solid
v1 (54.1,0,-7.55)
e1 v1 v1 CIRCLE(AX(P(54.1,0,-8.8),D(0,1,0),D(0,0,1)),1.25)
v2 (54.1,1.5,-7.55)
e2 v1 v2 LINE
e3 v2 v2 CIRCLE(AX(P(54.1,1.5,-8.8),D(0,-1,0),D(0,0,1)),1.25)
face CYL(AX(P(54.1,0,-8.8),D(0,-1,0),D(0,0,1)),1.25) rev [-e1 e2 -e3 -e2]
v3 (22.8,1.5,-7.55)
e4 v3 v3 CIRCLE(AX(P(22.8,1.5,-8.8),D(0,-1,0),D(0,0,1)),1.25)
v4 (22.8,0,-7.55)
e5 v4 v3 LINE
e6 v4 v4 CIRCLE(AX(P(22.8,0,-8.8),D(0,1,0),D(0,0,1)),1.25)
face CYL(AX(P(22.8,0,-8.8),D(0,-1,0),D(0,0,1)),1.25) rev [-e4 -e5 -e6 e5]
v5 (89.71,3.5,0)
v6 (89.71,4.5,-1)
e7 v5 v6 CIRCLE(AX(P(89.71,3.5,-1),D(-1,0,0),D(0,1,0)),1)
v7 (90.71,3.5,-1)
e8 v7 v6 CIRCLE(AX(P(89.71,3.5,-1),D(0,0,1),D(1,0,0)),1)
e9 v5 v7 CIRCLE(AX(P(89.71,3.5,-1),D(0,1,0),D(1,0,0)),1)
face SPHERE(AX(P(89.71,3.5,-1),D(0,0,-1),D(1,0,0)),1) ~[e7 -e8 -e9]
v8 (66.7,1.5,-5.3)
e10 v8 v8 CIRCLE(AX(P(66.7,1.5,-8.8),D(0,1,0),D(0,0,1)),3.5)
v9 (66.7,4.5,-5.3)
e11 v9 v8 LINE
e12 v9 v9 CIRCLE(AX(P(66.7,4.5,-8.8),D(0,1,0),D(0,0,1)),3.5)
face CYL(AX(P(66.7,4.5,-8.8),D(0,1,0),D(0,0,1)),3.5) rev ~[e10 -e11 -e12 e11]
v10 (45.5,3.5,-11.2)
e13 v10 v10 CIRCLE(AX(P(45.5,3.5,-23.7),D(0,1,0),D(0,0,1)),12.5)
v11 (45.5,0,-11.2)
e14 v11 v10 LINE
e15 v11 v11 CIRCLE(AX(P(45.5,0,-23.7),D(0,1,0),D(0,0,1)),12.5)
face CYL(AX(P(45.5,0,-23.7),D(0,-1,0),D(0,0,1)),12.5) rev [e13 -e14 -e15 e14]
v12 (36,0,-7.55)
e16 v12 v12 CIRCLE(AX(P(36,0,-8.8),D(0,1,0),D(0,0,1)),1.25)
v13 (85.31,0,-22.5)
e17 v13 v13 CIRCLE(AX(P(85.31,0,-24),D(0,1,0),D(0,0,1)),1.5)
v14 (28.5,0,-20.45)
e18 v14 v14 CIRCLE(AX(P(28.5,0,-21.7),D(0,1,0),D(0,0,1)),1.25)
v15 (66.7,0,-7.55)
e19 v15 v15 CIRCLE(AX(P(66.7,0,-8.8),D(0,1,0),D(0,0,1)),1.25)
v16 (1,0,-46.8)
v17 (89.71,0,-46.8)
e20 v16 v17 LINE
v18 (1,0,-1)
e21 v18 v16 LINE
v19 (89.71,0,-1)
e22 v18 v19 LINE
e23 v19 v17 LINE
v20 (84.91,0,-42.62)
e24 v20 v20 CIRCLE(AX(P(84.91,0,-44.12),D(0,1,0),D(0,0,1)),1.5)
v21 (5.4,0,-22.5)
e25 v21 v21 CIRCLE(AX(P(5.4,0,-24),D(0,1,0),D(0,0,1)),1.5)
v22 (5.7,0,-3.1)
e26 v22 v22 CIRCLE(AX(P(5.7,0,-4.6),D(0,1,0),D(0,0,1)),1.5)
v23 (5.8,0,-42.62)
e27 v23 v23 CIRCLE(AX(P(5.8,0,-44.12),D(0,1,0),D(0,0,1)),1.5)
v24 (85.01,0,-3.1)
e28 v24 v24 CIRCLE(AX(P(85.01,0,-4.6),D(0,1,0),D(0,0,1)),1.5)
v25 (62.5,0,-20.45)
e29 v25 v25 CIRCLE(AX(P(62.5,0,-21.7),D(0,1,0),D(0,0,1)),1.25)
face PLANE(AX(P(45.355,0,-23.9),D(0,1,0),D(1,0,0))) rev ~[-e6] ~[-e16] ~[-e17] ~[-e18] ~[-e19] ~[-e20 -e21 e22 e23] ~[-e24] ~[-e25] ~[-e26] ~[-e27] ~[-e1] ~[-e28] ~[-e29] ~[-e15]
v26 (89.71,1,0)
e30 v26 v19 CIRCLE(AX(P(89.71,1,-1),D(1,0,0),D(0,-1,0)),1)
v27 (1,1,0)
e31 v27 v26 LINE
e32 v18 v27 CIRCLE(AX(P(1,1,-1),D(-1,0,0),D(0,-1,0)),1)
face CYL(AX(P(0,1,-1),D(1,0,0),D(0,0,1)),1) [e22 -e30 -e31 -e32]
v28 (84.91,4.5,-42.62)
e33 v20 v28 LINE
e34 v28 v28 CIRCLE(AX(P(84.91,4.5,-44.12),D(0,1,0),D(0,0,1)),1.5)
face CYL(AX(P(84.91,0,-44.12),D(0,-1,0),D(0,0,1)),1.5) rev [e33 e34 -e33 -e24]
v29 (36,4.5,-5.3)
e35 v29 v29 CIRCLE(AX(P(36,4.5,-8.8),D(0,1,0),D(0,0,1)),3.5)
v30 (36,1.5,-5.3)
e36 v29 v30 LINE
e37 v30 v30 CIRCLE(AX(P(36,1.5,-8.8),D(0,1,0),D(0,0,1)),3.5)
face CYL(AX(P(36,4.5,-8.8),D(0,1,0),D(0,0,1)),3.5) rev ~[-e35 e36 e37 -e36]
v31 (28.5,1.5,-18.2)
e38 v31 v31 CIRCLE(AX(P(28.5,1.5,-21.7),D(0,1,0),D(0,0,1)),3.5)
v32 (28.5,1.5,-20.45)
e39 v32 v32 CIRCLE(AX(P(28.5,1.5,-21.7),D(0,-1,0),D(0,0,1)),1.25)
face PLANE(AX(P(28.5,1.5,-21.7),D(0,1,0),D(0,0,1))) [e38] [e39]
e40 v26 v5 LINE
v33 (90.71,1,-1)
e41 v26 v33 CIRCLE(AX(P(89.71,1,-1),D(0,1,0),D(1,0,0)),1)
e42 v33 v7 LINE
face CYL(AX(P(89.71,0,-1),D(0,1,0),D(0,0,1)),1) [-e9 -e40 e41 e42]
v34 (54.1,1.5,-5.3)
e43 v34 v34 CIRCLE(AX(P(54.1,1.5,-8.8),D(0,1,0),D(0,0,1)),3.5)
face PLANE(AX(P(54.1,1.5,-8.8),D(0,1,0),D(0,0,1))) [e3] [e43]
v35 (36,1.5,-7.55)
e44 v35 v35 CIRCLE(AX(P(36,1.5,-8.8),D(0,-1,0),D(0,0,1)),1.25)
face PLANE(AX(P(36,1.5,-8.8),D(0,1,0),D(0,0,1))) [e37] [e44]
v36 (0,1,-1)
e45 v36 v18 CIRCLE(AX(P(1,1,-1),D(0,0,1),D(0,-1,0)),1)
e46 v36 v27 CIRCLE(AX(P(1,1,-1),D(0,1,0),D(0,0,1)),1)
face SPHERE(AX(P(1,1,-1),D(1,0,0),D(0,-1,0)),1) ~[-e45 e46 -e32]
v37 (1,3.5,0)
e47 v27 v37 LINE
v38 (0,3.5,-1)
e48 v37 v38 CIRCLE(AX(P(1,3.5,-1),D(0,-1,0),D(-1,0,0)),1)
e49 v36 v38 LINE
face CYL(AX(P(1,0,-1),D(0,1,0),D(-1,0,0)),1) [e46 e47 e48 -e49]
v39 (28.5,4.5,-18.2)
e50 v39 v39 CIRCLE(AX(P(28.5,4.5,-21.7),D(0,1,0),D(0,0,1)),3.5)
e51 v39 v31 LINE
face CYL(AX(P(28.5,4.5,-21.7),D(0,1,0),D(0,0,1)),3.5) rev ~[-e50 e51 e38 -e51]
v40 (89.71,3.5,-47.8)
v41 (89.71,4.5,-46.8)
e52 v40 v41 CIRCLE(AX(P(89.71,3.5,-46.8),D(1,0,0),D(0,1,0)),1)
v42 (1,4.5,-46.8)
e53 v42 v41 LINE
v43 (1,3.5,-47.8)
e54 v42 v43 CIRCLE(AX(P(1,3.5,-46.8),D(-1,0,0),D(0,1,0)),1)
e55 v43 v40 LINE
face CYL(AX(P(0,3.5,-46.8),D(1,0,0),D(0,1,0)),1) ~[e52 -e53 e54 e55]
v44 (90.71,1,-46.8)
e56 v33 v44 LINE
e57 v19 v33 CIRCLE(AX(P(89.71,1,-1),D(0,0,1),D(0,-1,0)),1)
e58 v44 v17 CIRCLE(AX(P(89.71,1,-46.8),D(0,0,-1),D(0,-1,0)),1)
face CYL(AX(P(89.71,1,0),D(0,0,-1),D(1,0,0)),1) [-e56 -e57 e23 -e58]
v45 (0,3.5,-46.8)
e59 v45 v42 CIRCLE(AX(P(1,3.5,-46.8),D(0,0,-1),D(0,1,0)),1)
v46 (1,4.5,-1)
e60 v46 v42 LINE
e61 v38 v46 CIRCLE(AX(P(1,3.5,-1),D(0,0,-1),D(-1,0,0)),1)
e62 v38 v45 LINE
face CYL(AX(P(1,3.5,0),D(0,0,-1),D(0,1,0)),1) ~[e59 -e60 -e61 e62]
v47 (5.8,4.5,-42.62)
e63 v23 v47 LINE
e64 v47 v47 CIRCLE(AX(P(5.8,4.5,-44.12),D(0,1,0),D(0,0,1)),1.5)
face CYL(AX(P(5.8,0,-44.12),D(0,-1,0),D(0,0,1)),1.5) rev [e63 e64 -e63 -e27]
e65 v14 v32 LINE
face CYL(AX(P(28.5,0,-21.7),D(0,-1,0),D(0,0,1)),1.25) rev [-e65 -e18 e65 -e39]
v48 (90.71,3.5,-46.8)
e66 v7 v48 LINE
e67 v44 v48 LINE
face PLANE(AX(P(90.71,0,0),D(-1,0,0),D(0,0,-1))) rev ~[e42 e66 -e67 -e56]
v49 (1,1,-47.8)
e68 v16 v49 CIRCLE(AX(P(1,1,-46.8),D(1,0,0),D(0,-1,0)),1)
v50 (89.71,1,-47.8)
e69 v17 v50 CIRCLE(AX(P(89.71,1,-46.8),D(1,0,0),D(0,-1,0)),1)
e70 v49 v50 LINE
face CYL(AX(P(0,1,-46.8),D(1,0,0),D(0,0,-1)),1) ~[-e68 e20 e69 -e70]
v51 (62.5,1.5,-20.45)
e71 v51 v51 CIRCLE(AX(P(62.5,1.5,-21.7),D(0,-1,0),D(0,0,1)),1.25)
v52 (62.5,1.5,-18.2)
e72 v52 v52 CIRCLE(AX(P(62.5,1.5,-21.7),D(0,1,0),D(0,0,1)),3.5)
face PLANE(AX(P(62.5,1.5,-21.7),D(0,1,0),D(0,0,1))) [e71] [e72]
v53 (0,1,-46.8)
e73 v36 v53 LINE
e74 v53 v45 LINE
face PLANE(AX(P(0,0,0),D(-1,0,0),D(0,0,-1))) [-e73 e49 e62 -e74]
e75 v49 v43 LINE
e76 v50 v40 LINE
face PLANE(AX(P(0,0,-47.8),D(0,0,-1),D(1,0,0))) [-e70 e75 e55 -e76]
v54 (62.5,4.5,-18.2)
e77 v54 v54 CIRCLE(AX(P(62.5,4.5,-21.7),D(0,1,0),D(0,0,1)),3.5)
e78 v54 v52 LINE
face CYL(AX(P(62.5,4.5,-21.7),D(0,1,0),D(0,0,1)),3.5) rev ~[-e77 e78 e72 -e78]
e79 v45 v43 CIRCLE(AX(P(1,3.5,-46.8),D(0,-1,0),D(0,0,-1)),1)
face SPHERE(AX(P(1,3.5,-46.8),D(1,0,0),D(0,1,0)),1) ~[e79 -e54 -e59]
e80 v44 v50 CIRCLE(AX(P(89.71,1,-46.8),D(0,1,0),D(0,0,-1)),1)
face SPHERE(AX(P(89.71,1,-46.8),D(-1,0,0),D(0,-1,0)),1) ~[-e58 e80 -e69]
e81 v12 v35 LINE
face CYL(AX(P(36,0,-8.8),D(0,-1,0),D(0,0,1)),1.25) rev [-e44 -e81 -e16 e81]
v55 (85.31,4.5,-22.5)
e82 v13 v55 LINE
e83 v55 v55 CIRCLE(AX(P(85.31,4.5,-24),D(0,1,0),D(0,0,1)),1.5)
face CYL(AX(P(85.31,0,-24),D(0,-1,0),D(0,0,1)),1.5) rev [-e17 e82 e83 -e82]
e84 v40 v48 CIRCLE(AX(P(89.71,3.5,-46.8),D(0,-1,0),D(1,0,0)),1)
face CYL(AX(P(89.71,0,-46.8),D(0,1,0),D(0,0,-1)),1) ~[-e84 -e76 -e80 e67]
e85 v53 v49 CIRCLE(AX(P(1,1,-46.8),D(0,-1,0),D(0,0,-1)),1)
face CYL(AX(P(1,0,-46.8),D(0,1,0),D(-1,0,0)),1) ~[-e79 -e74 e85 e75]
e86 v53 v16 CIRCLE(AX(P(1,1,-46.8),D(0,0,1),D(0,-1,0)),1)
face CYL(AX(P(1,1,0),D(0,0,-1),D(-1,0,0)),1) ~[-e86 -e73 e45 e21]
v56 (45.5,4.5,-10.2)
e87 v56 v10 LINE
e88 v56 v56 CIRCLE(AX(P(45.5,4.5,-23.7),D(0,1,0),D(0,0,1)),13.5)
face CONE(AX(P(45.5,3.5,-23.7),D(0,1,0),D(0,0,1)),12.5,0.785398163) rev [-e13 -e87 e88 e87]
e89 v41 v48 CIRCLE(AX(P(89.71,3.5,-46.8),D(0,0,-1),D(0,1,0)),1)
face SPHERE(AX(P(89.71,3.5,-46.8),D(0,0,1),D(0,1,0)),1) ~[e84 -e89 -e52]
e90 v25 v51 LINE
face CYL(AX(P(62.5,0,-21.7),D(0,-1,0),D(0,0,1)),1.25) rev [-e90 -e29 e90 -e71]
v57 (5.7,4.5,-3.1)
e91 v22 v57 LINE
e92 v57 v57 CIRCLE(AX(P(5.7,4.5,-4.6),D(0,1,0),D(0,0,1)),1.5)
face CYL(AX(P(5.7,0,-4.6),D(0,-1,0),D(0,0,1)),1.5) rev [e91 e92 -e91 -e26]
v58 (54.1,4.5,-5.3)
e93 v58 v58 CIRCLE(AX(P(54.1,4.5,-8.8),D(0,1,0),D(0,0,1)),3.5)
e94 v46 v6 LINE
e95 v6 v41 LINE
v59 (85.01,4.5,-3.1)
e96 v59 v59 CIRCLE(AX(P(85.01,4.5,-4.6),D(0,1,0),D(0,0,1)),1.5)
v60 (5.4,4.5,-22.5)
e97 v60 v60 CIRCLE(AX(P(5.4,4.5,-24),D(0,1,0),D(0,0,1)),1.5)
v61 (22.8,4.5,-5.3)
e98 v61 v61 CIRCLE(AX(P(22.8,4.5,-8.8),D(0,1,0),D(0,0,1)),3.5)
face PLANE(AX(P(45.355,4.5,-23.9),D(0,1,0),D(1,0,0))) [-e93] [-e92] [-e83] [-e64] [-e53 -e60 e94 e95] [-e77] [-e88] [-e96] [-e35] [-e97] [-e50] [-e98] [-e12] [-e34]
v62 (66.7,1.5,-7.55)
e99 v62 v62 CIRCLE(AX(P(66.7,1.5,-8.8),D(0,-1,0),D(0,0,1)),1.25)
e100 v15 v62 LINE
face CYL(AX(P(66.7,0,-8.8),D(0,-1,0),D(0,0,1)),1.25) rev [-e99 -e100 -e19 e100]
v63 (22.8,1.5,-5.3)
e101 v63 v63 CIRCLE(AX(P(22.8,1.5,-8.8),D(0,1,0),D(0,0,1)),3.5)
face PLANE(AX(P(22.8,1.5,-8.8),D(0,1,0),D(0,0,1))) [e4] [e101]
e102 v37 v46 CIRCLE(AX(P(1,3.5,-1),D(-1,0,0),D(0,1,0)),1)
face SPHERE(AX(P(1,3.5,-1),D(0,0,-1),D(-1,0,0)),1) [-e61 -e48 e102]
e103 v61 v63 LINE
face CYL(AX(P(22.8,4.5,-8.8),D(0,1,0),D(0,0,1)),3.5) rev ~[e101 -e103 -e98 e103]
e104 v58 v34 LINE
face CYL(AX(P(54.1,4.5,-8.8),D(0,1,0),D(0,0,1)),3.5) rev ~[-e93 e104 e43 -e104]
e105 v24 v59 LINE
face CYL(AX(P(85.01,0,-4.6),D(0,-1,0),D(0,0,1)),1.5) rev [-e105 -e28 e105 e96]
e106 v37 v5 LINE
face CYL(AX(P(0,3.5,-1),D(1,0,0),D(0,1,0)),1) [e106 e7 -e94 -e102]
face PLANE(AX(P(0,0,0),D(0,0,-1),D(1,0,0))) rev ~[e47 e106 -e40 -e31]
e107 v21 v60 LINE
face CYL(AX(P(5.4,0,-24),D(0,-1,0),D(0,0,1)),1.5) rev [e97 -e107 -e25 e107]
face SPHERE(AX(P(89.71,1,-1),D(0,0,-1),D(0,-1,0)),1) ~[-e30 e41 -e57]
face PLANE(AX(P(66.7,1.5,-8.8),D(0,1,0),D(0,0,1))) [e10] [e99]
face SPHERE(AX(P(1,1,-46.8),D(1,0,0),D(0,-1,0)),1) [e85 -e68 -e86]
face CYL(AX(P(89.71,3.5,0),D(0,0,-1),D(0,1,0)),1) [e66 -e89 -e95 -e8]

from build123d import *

# Parameters (mm, degrees)
SKETCH1_W           = 90.71
SKETCH1_H           = 47.8
SKETCH1_R           = 1.5
SKETCH1_R_2         = 1.25
SKETCH1_R_3         = 12.5
BOSS_EXTRUDE1_DEPTH = 4.5
SKETCH2_R           = 3.5
CUT_EXTRUDE1_DEPTH  = 3
CHAMFER1_SIZE       = 1
FILLET1_R           = 1


with BuildPart() as part:
    # Sketch1 → Boss-Extrude1 (new body)
    with BuildSketch(Plane(origin=(0, 0, 0), x_dir=(1, 0, 0), z_dir=(0, 1, 0))):
        with Locations((45.355, 23.9)):
            Rectangle(SKETCH1_W, SKETCH1_H)
        with Locations(Location((85.01, 4.6, 0), (0, 0, 270))):
            Circle(SKETCH1_R, mode=Mode.SUBTRACT)
        with Locations(Location((85.31, 24, 0), (0, 0, 270))):
            Circle(SKETCH1_R, mode=Mode.SUBTRACT)
        with Locations(Location((84.91, 44.12, 0), (0, 0, 270))):
            Circle(SKETCH1_R, mode=Mode.SUBTRACT)
        with Locations(Location((5.8, 44.12, 0), (0, 0, 270))):
            Circle(SKETCH1_R, mode=Mode.SUBTRACT)
        with Locations(Location((5.4, 24, 0), (0, 0, 270))):
            Circle(SKETCH1_R, mode=Mode.SUBTRACT)
        with Locations(Location((5.7, 4.6, 0), (0, 0, 270))):
            Circle(SKETCH1_R, mode=Mode.SUBTRACT)
        with Locations(Location((28.5, 21.7, 0), (0, 0, 270))):
            Circle(SKETCH1_R_2, mode=Mode.SUBTRACT)
        with Locations(Location((22.8, 8.8, 0), (0, 0, 270))):
            Circle(SKETCH1_R_2, mode=Mode.SUBTRACT)
        with Locations(Location((36, 8.8, 0), (0, 0, 270))):
            Circle(SKETCH1_R_2, mode=Mode.SUBTRACT)
        with Locations(Location((54.1, 8.8, 0), (0, 0, 270))):
            Circle(SKETCH1_R_2, mode=Mode.SUBTRACT)
        with Locations(Location((66.7, 8.8, 0), (0, 0, 270))):
            Circle(SKETCH1_R_2, mode=Mode.SUBTRACT)
        with Locations(Location((62.5, 21.7, 0), (0, 0, 270))):
            Circle(SKETCH1_R_2, mode=Mode.SUBTRACT)
        with Locations(Location((45.5, 23.7, 0), (0, 0, 270))):
            Circle(SKETCH1_R_3, mode=Mode.SUBTRACT)
    extrude(amount=BOSS_EXTRUDE1_DEPTH)

    # Sketch2 → Cut-Extrude1 (cut)
    with BuildSketch(Plane(origin=(0, 4.5, 0), x_dir=(1, 0, 0), z_dir=(0, 1, 0))):
        with Locations(Location((28.5, 21.7, 0), (0, 0, 270))):
            Circle(SKETCH2_R)
        with Locations(Location((22.8, 8.8, 0), (0, 0, 270))):
            Circle(SKETCH2_R)
        with Locations(Location((36, 8.8, 0), (0, 0, 270))):
            Circle(SKETCH2_R)
        with Locations(Location((54.1, 8.8, 0), (0, 0, 270))):
            Circle(SKETCH2_R)
        with Locations(Location((66.7, 8.8, 0), (0, 0, 270))):
            Circle(SKETCH2_R)
        with Locations(Location((62.5, 21.7, 0), (0, 0, 270))):
            Circle(SKETCH2_R)
    extrude(amount=-CUT_EXTRUDE1_DEPTH, mode=Mode.SUBTRACT)

    # Chamfer1
    chamfer1_edges = [part.edges().sort_by_distance(p)[0] for p in [
        (45.5, 4.5, -36.2),
    ]]
    chamfer(chamfer1_edges, length=CHAMFER1_SIZE)

    # Fillet1
    fillet1_edges = [part.edges().sort_by_distance(p)[0] for p in [
        (90.71, 4.5, -23.9),
        (45.355, 4.5, -47.8),
        (0, 4.5, -23.9),
        (45.355, 0, -47.8),
        (90.71, 0, -23.9),
        (45.355, 0, 0),
        (0, 0, -23.9),
        (0, 2.25, -47.8),
        (90.71, 2.25, -47.8),
        (90.71, 2.25, 0),
        (0, 2.25, 0),
        (45.355, 4.5, 0),
    ]]
    fillet(fillet1_edges, radius=FILLET1_R)


solid = part.part
